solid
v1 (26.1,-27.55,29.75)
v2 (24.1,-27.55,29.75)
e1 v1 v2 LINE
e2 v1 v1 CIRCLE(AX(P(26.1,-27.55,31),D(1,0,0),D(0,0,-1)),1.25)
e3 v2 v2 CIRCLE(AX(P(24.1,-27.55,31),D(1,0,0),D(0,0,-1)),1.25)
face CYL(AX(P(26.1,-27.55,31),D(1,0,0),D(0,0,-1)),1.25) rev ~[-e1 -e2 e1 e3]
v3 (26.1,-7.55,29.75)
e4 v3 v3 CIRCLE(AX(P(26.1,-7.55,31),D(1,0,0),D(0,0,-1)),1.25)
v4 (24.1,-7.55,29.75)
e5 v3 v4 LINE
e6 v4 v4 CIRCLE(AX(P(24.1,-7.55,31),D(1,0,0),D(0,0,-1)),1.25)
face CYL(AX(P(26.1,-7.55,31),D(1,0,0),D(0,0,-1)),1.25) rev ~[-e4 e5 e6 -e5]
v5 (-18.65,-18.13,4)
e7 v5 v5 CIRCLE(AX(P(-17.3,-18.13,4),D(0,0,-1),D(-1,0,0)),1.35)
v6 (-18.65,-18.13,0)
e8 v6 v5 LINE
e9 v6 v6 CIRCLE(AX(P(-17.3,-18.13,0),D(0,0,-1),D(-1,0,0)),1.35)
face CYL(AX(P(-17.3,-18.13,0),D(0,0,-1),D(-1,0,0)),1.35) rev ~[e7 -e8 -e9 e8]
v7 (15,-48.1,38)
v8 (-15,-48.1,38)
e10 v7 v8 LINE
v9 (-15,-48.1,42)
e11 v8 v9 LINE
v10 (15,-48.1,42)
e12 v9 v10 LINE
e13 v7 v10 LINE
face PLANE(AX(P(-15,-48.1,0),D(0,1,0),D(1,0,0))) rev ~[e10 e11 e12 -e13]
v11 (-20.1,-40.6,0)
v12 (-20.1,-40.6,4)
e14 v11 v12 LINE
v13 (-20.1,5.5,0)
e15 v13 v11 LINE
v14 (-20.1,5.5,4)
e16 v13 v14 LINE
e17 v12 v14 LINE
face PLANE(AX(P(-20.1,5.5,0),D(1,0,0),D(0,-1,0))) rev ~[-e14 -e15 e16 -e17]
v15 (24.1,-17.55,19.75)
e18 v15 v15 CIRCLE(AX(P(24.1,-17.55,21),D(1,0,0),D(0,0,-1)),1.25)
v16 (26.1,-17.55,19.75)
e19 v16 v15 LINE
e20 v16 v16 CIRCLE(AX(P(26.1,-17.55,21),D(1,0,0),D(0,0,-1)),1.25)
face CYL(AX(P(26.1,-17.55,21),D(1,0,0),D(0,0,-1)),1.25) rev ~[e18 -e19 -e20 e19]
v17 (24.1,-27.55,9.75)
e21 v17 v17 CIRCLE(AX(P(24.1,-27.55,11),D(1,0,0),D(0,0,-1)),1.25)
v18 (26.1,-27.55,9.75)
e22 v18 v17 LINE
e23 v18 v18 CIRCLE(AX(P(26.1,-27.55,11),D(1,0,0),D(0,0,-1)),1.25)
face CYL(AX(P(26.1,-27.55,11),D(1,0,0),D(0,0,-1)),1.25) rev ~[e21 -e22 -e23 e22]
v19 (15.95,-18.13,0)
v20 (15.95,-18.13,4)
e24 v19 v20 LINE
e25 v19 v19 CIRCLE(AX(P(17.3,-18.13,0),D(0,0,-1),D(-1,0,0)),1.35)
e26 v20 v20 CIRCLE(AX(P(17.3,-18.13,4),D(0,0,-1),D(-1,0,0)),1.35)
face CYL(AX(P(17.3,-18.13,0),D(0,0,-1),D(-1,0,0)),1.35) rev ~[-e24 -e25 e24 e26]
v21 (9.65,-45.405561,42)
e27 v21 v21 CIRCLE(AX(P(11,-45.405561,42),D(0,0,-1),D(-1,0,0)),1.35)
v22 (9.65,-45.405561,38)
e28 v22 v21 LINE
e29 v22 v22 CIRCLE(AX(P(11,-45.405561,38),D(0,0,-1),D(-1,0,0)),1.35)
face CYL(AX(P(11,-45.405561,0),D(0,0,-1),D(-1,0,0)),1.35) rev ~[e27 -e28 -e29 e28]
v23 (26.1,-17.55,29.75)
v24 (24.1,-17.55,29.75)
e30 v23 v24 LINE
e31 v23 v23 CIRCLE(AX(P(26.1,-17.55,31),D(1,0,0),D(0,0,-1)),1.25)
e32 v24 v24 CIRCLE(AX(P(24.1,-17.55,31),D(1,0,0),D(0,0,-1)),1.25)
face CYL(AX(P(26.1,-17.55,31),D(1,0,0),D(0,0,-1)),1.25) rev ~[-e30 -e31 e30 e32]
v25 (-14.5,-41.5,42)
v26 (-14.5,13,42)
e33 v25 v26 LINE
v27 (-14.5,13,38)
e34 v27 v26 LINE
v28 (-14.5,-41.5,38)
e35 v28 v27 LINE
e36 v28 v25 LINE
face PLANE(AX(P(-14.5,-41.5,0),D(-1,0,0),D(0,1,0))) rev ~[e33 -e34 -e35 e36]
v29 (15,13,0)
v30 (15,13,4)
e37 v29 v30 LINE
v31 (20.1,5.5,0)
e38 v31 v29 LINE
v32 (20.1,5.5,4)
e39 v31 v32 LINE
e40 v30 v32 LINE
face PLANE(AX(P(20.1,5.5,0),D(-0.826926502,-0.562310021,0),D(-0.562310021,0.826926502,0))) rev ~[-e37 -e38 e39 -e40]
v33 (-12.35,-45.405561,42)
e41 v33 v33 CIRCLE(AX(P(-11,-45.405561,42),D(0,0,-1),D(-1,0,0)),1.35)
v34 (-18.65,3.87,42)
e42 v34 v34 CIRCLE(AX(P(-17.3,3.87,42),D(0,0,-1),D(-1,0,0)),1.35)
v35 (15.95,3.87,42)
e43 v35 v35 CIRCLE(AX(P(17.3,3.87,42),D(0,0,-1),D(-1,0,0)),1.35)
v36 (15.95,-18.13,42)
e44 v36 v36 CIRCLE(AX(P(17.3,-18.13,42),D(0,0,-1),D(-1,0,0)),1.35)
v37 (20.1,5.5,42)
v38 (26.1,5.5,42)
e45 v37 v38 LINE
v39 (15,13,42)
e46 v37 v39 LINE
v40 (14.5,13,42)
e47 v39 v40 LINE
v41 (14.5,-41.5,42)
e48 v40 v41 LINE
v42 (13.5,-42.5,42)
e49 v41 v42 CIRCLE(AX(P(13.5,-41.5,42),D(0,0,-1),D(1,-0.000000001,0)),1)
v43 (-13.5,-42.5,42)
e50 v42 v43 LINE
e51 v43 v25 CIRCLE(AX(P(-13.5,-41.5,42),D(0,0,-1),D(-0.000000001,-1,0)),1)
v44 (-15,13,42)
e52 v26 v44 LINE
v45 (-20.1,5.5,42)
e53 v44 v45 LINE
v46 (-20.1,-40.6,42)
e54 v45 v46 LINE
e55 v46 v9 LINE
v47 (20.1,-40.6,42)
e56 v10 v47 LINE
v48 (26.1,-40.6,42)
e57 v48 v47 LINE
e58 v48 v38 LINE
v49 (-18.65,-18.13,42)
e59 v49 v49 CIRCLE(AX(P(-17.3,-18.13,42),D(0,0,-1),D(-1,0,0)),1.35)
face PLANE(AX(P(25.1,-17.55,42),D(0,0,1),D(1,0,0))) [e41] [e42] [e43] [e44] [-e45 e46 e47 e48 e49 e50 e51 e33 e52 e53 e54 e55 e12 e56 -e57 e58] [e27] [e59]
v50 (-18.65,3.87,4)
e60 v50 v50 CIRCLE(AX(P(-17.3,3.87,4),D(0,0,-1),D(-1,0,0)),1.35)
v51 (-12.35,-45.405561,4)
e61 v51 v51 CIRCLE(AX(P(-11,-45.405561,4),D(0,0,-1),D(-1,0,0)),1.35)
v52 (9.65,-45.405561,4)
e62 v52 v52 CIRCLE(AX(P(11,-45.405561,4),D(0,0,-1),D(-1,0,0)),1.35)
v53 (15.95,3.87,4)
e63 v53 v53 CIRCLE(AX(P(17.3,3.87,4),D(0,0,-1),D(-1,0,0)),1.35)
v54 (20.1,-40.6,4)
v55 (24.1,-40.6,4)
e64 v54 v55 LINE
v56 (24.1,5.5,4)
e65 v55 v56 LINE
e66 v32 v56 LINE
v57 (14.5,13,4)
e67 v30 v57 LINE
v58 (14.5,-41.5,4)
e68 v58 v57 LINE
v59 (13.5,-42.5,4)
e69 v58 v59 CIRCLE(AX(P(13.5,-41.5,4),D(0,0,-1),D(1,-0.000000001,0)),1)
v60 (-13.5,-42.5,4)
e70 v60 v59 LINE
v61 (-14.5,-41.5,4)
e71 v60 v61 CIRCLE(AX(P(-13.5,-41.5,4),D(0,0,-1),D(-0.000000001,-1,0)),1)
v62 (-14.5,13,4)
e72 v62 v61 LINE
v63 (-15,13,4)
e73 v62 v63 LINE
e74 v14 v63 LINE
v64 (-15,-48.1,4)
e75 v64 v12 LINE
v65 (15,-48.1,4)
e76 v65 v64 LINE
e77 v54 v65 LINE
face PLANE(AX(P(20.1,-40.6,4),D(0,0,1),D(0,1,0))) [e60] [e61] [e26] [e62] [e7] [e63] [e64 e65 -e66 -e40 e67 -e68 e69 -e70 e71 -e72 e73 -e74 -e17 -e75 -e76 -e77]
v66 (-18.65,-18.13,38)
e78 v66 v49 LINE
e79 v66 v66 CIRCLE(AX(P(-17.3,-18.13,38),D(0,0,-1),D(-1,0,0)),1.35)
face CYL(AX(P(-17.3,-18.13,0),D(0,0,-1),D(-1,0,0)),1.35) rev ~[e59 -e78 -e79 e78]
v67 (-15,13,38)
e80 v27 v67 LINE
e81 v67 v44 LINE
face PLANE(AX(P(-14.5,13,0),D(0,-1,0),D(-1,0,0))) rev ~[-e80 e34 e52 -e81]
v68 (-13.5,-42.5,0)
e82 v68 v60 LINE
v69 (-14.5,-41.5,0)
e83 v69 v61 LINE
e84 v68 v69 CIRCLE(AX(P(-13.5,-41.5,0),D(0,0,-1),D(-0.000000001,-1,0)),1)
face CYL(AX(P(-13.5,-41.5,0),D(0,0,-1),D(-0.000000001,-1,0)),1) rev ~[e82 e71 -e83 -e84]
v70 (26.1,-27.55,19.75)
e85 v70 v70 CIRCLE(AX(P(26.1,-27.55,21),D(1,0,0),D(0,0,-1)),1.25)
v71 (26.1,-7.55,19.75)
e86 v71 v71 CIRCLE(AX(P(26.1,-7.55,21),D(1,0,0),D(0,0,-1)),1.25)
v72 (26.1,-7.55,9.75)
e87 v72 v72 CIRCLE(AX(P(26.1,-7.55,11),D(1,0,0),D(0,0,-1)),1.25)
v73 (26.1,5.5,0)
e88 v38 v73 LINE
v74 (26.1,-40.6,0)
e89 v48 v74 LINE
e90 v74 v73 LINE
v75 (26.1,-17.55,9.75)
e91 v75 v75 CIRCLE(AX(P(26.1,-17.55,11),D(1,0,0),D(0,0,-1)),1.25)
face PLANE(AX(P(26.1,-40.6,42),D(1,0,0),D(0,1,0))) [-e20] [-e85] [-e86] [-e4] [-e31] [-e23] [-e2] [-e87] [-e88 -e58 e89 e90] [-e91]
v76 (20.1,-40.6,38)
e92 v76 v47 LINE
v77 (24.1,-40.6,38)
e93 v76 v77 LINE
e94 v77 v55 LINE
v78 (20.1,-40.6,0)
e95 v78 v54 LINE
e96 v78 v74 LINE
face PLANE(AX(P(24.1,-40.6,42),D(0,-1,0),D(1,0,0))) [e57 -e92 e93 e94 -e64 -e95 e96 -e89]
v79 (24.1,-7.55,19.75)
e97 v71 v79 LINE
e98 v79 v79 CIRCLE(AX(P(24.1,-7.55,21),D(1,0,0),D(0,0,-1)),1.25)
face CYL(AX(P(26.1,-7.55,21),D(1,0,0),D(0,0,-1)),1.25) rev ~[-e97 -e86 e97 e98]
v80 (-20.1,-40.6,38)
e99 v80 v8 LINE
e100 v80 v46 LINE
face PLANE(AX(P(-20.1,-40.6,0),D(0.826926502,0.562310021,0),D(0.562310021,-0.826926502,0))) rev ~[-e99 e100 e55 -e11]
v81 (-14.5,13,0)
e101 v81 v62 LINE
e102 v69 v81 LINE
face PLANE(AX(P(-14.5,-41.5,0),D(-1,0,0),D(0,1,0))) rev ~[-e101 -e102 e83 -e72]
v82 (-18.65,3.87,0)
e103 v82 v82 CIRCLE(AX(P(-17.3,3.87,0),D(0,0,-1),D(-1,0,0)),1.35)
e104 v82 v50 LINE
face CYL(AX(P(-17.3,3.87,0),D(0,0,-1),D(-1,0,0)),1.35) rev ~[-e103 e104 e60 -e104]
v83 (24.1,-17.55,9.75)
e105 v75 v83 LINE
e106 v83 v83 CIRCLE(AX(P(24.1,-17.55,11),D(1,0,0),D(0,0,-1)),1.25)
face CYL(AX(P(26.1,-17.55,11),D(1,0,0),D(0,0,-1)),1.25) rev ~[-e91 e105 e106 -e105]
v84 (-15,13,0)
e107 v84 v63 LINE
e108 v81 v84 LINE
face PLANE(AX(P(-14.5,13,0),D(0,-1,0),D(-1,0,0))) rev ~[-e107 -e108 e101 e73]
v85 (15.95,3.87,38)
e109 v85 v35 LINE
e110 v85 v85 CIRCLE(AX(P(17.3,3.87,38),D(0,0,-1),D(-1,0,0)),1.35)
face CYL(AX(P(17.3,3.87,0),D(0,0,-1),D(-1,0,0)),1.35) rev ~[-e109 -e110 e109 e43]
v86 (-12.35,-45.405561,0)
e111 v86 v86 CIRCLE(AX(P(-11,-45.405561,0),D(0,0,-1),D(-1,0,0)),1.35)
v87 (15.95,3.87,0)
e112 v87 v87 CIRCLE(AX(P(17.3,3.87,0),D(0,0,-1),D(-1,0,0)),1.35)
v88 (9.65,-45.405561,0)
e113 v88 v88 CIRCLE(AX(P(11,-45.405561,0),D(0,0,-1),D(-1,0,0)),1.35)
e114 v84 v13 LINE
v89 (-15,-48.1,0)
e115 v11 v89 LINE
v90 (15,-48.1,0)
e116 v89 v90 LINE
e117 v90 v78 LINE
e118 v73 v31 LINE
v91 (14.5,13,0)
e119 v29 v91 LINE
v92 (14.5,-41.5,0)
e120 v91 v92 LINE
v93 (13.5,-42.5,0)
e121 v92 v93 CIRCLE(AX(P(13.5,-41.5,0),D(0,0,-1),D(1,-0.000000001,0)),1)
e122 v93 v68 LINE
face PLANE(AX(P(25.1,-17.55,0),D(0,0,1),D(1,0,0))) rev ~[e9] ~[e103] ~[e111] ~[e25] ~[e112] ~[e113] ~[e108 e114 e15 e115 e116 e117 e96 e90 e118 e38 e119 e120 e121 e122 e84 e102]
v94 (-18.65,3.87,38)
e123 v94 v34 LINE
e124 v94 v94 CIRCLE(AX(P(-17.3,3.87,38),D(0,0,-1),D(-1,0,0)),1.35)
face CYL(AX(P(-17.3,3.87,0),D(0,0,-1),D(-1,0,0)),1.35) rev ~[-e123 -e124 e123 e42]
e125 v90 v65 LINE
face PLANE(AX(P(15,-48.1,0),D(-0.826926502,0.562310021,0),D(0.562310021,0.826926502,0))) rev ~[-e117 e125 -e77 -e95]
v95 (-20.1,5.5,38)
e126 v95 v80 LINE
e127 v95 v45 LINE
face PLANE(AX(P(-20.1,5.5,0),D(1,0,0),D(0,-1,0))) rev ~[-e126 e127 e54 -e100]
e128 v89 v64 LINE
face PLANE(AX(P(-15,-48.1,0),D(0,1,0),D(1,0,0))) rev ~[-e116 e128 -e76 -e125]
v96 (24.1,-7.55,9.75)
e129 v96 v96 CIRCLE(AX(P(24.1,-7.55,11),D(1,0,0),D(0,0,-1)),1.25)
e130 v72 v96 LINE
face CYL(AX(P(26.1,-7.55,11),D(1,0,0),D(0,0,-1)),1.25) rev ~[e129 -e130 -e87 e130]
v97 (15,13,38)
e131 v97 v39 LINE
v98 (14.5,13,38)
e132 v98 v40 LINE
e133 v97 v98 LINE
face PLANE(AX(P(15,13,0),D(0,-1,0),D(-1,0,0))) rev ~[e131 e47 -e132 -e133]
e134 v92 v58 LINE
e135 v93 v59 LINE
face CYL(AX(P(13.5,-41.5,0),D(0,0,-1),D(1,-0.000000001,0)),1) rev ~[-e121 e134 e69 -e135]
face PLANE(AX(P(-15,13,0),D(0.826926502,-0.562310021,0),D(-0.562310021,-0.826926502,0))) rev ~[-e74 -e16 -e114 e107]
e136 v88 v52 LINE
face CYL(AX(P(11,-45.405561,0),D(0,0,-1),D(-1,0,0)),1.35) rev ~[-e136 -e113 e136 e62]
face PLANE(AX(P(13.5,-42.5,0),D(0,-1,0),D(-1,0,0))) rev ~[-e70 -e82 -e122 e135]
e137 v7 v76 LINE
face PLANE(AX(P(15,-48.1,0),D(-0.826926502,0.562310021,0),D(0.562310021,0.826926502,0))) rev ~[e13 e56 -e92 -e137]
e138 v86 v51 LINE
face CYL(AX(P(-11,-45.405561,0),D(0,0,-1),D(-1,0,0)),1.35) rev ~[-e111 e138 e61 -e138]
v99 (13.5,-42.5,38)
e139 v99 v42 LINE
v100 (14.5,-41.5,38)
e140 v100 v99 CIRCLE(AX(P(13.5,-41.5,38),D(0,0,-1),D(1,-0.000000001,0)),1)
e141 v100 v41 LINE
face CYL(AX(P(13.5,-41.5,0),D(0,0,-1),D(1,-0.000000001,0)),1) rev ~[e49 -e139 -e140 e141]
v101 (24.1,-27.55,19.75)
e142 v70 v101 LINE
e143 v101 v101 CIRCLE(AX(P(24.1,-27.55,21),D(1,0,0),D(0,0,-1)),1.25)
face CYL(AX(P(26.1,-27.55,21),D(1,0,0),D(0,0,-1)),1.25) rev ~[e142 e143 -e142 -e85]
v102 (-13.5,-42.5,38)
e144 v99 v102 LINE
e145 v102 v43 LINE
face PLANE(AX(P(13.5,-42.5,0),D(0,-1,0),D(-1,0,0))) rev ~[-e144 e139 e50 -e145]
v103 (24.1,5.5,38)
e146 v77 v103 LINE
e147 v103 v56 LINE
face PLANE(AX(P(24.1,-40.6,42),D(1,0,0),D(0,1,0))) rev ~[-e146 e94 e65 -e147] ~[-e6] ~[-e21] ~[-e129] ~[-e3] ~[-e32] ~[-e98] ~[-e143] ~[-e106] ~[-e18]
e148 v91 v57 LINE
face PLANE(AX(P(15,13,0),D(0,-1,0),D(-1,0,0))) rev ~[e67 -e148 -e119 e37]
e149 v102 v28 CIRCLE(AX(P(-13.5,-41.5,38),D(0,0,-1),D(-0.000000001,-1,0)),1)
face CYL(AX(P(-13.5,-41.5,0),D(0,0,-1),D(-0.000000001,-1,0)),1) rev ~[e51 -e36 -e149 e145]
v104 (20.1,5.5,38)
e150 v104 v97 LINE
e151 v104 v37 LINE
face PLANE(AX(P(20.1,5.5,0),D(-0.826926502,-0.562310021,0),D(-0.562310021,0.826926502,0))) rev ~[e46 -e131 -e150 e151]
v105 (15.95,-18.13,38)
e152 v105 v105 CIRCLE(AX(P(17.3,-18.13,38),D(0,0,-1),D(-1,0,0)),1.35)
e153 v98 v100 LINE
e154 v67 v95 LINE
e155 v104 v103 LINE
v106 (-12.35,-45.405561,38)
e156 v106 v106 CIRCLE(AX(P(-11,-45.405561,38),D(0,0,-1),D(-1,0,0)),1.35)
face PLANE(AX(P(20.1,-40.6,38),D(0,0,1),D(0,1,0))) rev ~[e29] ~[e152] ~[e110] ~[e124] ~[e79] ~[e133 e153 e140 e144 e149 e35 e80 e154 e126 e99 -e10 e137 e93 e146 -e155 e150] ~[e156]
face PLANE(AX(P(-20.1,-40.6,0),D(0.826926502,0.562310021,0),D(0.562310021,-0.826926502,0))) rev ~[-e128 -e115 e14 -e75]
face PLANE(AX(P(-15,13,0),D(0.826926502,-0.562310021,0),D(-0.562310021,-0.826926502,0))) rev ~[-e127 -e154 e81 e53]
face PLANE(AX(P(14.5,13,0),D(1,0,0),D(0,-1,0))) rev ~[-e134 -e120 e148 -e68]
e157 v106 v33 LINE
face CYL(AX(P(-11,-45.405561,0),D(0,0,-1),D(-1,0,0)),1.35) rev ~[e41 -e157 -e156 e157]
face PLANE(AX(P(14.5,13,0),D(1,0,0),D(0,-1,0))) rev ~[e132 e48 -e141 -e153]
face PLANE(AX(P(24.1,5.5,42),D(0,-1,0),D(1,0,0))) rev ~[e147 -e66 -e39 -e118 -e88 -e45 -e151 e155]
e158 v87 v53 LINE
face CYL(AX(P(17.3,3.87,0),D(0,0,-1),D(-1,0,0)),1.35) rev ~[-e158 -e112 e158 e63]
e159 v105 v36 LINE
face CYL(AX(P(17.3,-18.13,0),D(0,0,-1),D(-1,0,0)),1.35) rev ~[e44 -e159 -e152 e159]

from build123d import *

# Parameters (mm, degrees)
EXTRUDE_2_DEPTH     = 42
SKETCH_2_R          = 1.35
CUT_EXTRUDE_1_DEPTH = 45
CUT_EXTRUDE_2_DEPTH = 45
SKETCH_4_W          = 4
SKETCH_4_H          = 46.1
EXTRUDE_3_DEPTH     = 4
SKETCH_5_W          = 2
SKETCH_5_H          = 46.1
EXTRUDE_4_DEPTH     = 42
SKETCH_6_R          = 1.25
CUT_EXTRUDE_3_DEPTH = 10


with BuildPart() as part:
    # 스케치1 → 보스-돌출2 (new body)
    with BuildSketch(Plane.XY):
        with BuildLine():
            Line((-14.5, -41.5), (-14.5, 11.5))
            Line((-14.5, 11.5), (-14.5, 13))
            Line((-14.5, 13), (-15, 13))
            Line((-15, 13), (-20.1, 5.5))
            Line((-20.1, 5.5), (-20.1, -40.6))
            Line((-20.1, -40.6), (-15, -48.1))
            Line((-15, -48.1), (15, -48.1))
            Line((15, -48.1), (20.1, -40.6))
            Line((20.1, -40.6), (20.1, 5.5))
            Line((20.1, 5.5), (15, 13))
            Line((15, 13), (14.5, 13))
            Line((14.5, 13), (14.5, 11.5))
            Line((14.5, 11.5), (14.5, -41.5))
            ThreePointArc((14.5, -41.5), (14.207106781, -42.207106781), (13.5, -42.5))
            Line((13.5, -42.5), (-13.5, -42.5))
            ThreePointArc((-13.5, -42.5), (-14.207106781, -42.207106781), (-14.5, -41.5))
        make_face()
    extrude(amount=EXTRUDE_2_DEPTH)

    # 스케치2 → 컷-돌출1 (cut)
    with BuildSketch(Plane(origin=(0, 0, 0), x_dir=(-1, 0, 0), z_dir=(0, 0, -1))):
        with Locations((-11, -45.405560676)):
            Circle(SKETCH_2_R)
        with Locations((11, -45.405560676)):
            Circle(SKETCH_2_R)
        with Locations((17.3, 3.87)):
            Circle(SKETCH_2_R)
        with Locations((17.3, -18.13)):
            Circle(SKETCH_2_R)
        with Locations((-17.3, 3.87)):
            Circle(SKETCH_2_R)
        with Locations((-17.3, -18.13)):
            Circle(SKETCH_2_R)
    extrude(amount=-CUT_EXTRUDE_1_DEPTH, mode=Mode.SUBTRACT)

    # 스케치3 → 컷-돌출2 (cut)
    with BuildSketch(Plane(origin=(20.1, 0, 0), x_dir=(0, 0, -1), z_dir=(1, 0, 0))):
        Polygon((-38, 5.5), (-38, -40.6), (-38, -48.1), (-4, -48.1), (-4, -40.6), (-4, 5.5), (-4, 13), (-38, 13), align=None)
    extrude(amount=-CUT_EXTRUDE_2_DEPTH, mode=Mode.SUBTRACT)


with BuildPart() as cut_extrude_2_piece_1:
    # of the separate pieces the step leaves, piece 1, a body of its own (cut_extrude_2_pieces)
    add(part.part.solids().sort_by_distance((-14.5, -41.5, 38))[0])



with BuildPart() as cut_extrude_2_piece_2:
    # of the separate pieces the step leaves, piece 2, a body of its own (cut_extrude_2_pieces)
    add(part.part.solids().sort_by_distance((-14.5, -41.5, 0))[0])


with BuildPart() as cut_extrude_2_piece_1_1:
    add(cut_extrude_2_piece_1.part)

    add(cut_extrude_2_piece_2.part)  # 보스-돌출3 merges 컷-돌출2 piece 2
    # 스케치4 → 보스-돌출3 (add)
    with BuildSketch(Plane(origin=(20.1, 0, 0), x_dir=(0, 0, -1), z_dir=(1, 0, 0))):
        with Locations((-40, -17.55)):
            Rectangle(SKETCH_4_W, SKETCH_4_H)
        with Locations((-2, -17.55)):
            Rectangle(SKETCH_4_W, SKETCH_4_H)
    extrude(amount=EXTRUDE_3_DEPTH)

    # 스케치5 → 보스-돌출4 (add)
    with BuildSketch(Plane.XY.offset(42)):
        with Locations((25.1, -17.55)):
            Rectangle(SKETCH_5_W, SKETCH_5_H)
    extrude(amount=-EXTRUDE_4_DEPTH)

    # 스케치6 → 컷-돌출3 (cut)
    with BuildSketch(Plane(origin=(26.1, 0, 0), x_dir=(0, 0, -1), z_dir=(1, 0, 0))):
        with Locations((-21, -17.55)):
            Circle(SKETCH_6_R)
        with Locations((-11, -17.55)):
            Circle(SKETCH_6_R)
        with Locations((-31, -17.55)):
            Circle(SKETCH_6_R)
        with Locations((-31, -7.55)):
            Circle(SKETCH_6_R)
        with Locations((-21, -7.55)):
            Circle(SKETCH_6_R)
        with Locations((-11, -7.55)):
            Circle(SKETCH_6_R)
        with Locations((-31, -27.55)):
            Circle(SKETCH_6_R)
        with Locations((-21, -27.55)):
            Circle(SKETCH_6_R)
        with Locations((-11, -27.55)):
            Circle(SKETCH_6_R)
    extrude(amount=-CUT_EXTRUDE_3_DEPTH, mode=Mode.SUBTRACT)


solid = cut_extrude_2_piece_1_1.part
